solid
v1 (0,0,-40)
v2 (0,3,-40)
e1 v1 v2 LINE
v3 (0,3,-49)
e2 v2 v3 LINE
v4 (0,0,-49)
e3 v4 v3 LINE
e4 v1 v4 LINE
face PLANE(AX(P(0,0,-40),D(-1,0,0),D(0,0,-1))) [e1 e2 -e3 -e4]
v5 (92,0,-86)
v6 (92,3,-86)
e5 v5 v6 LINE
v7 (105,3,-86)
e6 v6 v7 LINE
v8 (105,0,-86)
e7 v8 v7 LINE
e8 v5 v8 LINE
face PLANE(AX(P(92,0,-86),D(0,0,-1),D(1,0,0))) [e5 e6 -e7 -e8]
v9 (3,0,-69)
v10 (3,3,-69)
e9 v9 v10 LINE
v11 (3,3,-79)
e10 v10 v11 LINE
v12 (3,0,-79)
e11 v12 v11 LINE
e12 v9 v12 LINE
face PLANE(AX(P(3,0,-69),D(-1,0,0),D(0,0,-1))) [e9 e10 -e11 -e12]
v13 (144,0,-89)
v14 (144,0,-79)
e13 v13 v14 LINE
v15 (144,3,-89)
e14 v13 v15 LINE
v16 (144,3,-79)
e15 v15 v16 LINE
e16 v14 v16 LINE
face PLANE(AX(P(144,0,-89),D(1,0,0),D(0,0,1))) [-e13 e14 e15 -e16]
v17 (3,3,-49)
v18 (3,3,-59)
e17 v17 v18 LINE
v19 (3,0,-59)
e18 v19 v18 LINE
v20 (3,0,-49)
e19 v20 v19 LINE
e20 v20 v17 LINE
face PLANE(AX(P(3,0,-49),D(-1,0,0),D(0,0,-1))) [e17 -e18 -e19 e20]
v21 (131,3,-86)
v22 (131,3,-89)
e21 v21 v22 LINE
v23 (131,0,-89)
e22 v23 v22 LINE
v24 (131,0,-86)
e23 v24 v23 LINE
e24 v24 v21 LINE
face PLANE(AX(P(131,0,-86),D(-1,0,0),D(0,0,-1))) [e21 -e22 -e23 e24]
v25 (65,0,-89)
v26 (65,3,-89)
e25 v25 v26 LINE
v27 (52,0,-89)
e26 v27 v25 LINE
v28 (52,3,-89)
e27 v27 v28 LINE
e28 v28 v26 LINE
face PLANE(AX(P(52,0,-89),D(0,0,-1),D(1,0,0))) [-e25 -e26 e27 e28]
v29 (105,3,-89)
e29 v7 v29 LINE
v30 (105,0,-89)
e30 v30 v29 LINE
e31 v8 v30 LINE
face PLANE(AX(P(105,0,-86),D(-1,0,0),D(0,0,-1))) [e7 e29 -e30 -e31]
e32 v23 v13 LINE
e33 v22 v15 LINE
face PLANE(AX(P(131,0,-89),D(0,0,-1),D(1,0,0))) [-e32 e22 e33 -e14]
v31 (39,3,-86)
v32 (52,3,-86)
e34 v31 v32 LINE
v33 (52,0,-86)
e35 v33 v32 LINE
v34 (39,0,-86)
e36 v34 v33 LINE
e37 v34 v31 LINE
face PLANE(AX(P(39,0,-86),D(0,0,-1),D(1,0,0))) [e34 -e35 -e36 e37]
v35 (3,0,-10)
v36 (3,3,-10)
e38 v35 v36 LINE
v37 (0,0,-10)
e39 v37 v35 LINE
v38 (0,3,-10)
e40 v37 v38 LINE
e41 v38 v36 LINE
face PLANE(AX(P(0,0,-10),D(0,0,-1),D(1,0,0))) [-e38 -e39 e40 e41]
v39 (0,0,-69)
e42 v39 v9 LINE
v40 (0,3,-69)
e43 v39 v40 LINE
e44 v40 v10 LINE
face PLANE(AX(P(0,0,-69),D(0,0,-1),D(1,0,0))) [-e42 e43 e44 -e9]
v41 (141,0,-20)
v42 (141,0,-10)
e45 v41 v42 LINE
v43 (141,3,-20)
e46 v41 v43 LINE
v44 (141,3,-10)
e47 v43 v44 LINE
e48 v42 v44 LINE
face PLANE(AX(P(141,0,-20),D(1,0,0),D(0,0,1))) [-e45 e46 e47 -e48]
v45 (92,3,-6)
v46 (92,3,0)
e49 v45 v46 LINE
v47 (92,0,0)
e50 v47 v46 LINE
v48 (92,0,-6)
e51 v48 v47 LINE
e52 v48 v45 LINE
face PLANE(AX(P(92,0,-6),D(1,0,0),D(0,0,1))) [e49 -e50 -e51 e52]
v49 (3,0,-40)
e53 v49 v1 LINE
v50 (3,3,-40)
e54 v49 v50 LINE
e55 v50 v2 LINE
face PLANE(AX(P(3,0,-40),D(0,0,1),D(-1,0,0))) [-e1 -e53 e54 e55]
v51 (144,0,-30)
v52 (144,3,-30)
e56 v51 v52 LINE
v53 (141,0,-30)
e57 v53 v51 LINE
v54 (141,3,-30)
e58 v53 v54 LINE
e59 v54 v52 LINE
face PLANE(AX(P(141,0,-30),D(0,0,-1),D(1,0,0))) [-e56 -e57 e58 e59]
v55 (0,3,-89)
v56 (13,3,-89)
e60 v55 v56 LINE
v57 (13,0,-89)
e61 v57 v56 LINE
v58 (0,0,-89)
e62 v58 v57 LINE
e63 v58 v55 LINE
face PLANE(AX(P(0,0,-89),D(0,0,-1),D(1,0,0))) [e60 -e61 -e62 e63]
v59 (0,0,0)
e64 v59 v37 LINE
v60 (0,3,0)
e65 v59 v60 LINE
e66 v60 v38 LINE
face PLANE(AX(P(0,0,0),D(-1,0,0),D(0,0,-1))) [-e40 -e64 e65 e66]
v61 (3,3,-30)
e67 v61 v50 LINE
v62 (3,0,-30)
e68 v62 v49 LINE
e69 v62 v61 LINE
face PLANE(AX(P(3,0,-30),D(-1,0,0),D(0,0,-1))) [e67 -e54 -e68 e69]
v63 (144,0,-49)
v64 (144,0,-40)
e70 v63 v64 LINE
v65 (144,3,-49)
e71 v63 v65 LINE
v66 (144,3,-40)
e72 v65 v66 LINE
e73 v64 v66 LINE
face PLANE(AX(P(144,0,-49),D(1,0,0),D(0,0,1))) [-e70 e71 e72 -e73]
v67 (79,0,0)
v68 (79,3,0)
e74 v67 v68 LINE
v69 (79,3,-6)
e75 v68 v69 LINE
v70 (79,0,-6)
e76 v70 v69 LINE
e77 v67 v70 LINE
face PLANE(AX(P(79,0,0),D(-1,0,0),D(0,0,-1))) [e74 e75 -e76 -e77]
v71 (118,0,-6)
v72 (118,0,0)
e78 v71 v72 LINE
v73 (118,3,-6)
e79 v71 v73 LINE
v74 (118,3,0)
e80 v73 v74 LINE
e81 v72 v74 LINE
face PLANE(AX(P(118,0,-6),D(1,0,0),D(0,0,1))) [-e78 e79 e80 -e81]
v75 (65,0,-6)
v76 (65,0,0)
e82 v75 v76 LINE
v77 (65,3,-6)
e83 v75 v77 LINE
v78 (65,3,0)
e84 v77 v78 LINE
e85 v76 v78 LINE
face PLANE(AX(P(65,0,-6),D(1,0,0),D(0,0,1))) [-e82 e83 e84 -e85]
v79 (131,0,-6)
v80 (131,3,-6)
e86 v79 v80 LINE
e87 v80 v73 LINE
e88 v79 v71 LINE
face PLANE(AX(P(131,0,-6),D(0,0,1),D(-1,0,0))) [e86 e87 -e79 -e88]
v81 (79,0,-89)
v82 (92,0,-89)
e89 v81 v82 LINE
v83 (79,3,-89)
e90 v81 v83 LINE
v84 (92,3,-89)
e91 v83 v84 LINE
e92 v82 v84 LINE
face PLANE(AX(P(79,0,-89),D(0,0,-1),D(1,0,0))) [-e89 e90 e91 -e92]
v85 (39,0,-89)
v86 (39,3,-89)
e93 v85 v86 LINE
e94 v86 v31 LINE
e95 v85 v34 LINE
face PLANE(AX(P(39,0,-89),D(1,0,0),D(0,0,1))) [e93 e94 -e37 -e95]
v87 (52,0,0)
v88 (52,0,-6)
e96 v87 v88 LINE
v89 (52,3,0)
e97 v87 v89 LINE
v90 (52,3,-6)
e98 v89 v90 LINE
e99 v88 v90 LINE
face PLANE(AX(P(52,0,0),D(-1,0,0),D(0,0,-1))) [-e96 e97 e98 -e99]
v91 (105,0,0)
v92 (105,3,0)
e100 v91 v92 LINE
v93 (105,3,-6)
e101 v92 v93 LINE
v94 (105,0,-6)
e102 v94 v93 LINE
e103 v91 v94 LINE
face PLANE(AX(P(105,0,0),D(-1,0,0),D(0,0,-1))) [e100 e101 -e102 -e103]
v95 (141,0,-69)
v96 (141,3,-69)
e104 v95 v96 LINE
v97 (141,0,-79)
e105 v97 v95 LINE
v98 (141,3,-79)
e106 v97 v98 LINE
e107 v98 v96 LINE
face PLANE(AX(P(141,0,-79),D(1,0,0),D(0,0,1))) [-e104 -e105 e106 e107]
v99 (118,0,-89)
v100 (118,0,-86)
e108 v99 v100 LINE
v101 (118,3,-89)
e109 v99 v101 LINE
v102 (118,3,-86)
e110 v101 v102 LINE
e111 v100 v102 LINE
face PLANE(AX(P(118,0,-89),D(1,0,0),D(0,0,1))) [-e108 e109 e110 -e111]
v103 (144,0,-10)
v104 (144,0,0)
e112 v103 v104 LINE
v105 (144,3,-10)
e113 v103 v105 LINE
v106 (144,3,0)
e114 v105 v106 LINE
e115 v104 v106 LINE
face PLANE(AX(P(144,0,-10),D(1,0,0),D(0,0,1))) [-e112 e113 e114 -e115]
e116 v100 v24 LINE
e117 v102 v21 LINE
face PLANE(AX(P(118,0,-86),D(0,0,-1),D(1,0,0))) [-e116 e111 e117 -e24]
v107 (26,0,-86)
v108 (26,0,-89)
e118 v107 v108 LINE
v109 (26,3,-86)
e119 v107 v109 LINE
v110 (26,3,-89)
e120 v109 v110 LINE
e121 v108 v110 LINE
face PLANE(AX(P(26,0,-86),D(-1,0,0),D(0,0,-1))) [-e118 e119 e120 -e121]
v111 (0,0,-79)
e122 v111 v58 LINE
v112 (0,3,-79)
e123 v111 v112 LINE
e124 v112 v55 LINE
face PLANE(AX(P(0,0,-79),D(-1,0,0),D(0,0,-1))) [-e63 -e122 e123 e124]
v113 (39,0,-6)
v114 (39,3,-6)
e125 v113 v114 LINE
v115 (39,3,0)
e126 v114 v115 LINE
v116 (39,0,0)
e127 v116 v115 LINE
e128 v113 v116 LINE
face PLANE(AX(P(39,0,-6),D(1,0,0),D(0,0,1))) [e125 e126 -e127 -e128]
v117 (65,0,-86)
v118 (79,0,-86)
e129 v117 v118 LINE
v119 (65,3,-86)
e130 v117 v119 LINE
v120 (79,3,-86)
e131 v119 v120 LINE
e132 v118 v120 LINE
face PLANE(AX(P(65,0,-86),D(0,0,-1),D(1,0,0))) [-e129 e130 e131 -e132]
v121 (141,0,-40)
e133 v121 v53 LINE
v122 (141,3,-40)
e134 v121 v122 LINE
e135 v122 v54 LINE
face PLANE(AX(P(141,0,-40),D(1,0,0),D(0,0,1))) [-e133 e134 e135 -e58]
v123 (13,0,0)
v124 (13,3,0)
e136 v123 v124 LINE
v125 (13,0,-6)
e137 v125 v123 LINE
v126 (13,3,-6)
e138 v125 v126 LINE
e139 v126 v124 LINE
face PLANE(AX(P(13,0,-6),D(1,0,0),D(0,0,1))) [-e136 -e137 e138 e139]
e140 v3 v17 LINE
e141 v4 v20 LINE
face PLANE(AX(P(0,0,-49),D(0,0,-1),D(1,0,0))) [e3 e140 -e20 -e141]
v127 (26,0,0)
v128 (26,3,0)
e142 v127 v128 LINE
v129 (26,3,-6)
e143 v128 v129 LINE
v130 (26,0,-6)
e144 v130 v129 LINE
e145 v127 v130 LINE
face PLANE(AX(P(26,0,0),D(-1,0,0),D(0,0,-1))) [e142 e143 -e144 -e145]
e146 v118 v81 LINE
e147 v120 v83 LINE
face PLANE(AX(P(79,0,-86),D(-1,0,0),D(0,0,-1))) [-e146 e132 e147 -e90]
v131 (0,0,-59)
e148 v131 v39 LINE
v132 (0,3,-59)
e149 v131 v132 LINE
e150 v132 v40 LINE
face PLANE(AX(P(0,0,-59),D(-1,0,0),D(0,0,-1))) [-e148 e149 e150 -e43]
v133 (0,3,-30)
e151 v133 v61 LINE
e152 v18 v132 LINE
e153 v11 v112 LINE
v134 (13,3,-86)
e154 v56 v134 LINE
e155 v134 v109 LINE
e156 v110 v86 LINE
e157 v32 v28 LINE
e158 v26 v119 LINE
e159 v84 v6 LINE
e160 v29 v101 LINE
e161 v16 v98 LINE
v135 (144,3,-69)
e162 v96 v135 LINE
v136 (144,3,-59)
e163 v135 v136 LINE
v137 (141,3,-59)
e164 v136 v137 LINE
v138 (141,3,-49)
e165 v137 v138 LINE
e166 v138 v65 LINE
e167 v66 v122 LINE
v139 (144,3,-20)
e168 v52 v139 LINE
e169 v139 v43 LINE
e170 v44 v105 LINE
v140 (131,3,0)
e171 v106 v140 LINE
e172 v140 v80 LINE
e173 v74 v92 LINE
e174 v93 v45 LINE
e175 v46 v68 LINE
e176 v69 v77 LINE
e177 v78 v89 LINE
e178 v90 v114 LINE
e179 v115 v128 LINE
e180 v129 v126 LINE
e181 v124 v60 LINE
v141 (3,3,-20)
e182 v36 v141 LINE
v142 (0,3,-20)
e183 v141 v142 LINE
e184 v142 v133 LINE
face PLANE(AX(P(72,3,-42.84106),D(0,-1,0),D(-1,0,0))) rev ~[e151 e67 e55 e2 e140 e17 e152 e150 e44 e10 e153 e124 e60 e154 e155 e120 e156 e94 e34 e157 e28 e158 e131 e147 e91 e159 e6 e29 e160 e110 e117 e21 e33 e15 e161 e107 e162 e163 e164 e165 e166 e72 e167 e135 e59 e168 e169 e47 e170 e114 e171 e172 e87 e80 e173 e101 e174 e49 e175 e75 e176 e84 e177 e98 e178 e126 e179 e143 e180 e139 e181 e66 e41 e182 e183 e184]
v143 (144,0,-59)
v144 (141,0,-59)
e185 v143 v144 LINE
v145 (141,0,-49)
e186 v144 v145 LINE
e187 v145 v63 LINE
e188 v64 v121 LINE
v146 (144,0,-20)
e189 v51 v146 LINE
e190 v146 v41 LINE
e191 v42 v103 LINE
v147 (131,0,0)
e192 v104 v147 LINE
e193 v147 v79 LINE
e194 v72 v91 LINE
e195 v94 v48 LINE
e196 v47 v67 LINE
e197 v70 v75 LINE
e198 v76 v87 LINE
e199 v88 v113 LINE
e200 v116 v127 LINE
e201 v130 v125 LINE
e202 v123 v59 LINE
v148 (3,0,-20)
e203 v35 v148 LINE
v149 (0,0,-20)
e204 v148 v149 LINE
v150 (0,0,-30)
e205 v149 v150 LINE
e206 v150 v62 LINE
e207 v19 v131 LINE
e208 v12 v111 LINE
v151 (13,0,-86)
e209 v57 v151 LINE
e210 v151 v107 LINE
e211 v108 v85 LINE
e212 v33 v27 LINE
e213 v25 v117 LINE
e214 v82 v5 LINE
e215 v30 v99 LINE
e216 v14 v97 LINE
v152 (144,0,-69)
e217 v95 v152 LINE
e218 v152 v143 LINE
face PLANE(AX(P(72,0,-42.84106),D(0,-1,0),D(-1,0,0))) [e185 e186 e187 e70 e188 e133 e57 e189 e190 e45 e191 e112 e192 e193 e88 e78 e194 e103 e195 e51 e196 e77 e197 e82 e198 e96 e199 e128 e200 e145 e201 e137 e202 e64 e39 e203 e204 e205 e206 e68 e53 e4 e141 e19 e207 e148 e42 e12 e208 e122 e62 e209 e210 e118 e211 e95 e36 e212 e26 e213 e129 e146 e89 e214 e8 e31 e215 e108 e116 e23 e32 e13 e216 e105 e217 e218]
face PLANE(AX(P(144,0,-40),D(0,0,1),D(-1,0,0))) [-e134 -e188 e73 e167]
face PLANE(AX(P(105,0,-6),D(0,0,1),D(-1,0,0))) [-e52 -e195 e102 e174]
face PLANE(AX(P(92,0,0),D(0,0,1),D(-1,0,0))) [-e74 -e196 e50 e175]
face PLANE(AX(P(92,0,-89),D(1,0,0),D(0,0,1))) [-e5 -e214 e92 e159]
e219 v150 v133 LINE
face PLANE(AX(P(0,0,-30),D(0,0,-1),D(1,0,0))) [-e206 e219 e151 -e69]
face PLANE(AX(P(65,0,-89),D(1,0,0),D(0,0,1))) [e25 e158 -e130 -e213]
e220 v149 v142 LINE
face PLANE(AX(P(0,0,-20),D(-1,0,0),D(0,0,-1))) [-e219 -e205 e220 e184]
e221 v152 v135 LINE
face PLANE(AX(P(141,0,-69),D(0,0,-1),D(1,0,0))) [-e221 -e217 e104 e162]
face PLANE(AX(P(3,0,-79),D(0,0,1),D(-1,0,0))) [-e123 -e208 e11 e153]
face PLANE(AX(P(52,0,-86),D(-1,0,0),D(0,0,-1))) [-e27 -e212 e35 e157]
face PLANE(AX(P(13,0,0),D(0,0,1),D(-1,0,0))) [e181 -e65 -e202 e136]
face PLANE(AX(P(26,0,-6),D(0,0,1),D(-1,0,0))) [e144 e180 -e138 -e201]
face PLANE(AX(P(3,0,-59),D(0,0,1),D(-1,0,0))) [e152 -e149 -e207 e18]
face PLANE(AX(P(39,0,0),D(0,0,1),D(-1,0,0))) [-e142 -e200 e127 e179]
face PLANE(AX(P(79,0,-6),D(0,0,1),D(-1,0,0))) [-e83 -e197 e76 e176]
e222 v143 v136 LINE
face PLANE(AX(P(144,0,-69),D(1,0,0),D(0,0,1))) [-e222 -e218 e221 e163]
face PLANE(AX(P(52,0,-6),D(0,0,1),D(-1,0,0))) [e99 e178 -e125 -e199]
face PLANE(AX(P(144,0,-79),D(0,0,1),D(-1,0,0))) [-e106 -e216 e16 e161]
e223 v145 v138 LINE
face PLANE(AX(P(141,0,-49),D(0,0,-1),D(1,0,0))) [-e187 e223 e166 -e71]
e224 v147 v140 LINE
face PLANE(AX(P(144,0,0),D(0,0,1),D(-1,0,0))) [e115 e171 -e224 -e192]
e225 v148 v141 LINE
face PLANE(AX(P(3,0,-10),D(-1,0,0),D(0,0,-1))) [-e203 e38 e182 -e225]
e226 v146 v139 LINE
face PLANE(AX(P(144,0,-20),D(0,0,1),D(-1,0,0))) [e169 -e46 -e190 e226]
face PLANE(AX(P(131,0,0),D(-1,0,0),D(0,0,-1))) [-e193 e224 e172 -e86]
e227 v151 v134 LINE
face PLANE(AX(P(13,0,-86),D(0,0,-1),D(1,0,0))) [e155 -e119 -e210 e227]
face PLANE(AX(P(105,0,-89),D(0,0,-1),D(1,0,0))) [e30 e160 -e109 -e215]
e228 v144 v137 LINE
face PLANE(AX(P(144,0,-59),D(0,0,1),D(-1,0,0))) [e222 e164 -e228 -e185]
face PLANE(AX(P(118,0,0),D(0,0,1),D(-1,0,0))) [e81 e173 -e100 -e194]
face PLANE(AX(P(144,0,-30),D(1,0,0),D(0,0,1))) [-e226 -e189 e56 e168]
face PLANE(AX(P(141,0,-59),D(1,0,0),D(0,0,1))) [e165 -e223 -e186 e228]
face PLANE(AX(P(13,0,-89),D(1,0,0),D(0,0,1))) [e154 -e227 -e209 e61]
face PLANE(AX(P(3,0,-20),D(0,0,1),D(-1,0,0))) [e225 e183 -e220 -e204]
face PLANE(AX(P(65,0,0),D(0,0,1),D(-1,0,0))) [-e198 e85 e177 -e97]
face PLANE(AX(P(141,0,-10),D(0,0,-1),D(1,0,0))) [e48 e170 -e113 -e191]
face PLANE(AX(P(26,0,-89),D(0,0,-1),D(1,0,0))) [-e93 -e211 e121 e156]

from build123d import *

# Parameters (mm, degrees)
BOSS_EXTRUDE1_DEPTH = 3


with BuildPart() as part:
    # Sketch1 → Boss-Extrude1 (new body)
    with BuildSketch(Plane(origin=(0, 0, 0), x_dir=(1, 0, 0), z_dir=(0, 1, 0))):
        Polygon((26, 89), (39, 89), (39, 86), (52, 86), (52, 89), (65, 89), (65, 86), (79, 86), (79, 89), (92, 89), (92, 86), (105, 86), (105, 89), (118, 89), (118, 86), (131, 86), (131, 89), (144, 89), (144, 79), (141, 79), (141, 69), (144, 69), (144, 59), (141, 59), (141, 49), (144, 49), (144, 40), (141, 40), (141, 30), (144, 30), (144, 20), (141, 20), (141, 10), (144, 10), (144, 0), (131, 0), (131, 6), (118, 6), (118, 0), (105, 0), (105, 6), (92, 6), (92, 0), (79, 0), (79, 6), (65, 6), (65, 0), (52, 0), (52, 6), (39, 6), (39, 0), (26, 0), (26, 6), (13, 6), (13, 0), (0, 0), (0, 10), (3, 10), (3, 20), (0, 20), (0, 30), (3, 30), (3, 40), (0, 40), (0, 49), (3, 49), (3, 59), (0, 59), (0, 69), (3, 69), (3, 79), (0, 79), (0, 89), (13, 89), (13, 86), (26, 86), align=None)
    extrude(amount=BOSS_EXTRUDE1_DEPTH)


solid = part.part
